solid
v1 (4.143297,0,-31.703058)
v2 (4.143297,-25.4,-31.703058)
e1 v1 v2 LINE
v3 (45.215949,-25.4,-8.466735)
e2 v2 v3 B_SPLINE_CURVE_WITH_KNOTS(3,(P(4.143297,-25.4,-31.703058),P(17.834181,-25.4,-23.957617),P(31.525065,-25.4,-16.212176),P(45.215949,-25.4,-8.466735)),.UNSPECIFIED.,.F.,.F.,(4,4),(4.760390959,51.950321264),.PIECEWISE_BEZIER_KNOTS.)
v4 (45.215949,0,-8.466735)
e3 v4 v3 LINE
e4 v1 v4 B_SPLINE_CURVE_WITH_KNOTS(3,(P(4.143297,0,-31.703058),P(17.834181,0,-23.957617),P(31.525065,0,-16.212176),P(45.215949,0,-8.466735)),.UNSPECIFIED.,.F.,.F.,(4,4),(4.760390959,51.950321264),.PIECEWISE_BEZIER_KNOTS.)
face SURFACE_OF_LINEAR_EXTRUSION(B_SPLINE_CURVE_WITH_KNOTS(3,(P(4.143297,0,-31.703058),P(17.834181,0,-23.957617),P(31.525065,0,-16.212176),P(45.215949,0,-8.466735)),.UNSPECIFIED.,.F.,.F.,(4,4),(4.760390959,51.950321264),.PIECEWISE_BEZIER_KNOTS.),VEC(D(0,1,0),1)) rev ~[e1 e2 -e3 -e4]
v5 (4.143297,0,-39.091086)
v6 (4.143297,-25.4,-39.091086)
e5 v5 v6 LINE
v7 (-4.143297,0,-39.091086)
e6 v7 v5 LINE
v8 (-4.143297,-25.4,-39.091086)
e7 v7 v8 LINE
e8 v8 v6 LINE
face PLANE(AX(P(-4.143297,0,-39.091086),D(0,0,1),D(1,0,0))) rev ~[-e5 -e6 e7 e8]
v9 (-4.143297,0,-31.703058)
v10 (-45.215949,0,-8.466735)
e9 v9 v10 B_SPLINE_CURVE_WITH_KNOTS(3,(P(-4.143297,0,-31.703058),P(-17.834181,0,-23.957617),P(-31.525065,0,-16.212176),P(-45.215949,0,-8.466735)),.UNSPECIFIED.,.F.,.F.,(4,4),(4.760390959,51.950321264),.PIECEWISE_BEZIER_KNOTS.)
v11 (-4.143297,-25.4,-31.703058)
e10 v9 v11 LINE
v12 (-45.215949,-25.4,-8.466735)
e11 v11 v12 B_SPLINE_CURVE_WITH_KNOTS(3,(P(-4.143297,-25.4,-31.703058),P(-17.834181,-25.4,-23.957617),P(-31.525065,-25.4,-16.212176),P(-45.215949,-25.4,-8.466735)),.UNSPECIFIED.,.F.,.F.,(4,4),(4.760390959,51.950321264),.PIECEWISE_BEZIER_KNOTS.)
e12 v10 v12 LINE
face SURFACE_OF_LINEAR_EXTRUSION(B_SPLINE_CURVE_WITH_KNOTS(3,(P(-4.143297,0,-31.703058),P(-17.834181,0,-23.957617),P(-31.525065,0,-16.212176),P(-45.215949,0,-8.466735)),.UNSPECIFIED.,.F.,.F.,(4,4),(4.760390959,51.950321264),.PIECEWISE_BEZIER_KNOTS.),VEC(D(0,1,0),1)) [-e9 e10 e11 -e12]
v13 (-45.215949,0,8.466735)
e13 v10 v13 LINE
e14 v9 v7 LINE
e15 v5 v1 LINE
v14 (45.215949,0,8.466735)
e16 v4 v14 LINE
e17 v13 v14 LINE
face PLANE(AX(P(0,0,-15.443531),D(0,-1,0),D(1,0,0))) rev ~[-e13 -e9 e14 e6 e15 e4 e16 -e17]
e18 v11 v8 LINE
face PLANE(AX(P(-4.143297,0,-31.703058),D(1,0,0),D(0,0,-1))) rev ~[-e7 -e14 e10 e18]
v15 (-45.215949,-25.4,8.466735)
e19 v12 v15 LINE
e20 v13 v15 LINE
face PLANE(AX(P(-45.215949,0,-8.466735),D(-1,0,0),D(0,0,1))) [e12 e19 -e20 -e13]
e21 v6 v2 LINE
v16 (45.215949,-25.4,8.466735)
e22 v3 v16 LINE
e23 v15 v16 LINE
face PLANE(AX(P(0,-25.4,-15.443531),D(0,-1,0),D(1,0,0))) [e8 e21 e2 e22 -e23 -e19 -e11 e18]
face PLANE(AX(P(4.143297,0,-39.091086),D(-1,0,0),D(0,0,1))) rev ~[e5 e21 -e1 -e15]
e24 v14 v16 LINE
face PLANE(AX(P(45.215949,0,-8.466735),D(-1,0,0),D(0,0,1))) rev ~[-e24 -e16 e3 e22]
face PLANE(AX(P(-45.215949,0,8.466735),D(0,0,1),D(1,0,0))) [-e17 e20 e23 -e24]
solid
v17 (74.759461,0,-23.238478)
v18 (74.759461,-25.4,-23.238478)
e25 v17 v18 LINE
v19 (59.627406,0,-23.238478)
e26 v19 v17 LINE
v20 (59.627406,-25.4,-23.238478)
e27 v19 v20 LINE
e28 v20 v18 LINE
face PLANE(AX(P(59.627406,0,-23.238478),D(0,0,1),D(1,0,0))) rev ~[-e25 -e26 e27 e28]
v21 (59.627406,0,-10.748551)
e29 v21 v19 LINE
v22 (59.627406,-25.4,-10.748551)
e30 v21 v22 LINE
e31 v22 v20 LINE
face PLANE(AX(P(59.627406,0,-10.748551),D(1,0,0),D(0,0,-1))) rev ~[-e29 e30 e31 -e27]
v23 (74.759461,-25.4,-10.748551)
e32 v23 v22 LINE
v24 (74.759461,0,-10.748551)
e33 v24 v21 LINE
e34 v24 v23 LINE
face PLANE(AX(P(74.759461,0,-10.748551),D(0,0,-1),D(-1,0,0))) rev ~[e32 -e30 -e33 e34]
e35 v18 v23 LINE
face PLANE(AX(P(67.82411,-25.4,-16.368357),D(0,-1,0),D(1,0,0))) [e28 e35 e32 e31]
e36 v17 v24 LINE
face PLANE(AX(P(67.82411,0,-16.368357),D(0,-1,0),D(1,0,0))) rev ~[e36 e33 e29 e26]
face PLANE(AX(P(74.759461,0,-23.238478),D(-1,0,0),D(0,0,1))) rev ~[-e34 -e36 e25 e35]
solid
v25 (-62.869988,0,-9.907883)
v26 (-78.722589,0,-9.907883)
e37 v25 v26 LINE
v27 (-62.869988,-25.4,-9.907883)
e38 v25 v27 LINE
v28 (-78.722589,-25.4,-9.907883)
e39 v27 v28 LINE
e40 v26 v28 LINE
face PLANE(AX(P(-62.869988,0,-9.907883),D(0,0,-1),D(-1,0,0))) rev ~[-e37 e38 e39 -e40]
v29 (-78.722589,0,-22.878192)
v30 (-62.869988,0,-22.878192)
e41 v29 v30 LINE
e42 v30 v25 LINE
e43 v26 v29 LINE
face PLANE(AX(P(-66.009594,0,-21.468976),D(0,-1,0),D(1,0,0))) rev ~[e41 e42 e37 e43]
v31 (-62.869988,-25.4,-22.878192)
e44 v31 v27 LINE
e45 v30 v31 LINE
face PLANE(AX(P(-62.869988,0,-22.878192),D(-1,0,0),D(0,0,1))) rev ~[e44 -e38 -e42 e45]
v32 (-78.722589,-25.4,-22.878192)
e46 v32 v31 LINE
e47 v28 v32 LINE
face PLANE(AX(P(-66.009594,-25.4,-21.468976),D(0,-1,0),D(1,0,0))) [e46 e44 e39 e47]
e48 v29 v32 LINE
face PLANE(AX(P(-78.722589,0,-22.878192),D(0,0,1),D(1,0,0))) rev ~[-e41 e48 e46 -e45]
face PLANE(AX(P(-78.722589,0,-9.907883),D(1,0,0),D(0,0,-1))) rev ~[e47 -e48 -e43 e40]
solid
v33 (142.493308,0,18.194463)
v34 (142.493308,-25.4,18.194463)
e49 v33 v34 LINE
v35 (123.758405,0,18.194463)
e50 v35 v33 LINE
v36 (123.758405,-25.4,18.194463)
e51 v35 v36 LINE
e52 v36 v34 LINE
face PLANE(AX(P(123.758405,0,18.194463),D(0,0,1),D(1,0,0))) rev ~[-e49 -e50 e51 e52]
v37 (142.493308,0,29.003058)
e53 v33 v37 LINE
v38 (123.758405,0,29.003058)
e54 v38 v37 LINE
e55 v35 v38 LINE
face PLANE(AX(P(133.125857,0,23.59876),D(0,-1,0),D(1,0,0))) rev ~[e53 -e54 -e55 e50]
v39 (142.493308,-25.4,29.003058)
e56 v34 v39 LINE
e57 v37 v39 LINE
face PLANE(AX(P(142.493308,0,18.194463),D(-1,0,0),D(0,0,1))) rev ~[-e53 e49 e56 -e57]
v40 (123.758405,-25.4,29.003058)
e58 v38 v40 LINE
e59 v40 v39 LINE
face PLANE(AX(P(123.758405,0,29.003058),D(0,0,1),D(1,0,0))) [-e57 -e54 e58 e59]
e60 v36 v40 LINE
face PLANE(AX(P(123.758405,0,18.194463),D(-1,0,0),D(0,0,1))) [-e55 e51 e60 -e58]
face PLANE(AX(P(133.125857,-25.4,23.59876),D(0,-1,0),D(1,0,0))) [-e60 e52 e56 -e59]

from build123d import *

# Parameters (mm, degrees)
F0_W     = 90.4318988323
F0_H     = 16.9334691018
F1_DEPTH = 25.4
F0_W_2   = 18.7349021435
F0_H_2   = 10.8085945249


with BuildPart() as f1:
    # F0 (on Front) → F1 (new body)
    with BuildSketch(Plane.XZ):
        with BuildLine():
            add(Edge.make_bspline(
                [(4.1432967409, -31.7030579362), (17.834180966, -23.9576168077), (31.5250651911, -16.2121756793), (45.2159494162, -8.4667345509)],
                knots=[4.7603909586, 4.7603909586, 4.7603909586, 4.7603909586, 51.9503212642, 51.9503212642, 51.9503212642, 51.9503212642], degree=3))
            Line((45.2159494162, -8.4667345509), (-45.2159494162, -8.4667345509))
            add(Edge.make_bspline(
                [(-4.1432967409, -31.7030579362), (-17.834180966, -23.9576168077), (-31.5250651911, -16.2121756793), (-45.2159494162, -8.4667345509)],
                knots=[4.7603909586, 4.7603909586, 4.7603909586, 4.7603909586, 51.9503212642, 51.9503212642, 51.9503212642, 51.9503212642], degree=3))
            Line((-4.1432967409, -31.7030579362), (-4.1432967409, -29.0030632168))
            Line((-4.1432967409, -29.0030632168), (4.1432967409, -29.0030632168))
            Line((4.1432967409, -29.0030632168), (4.1432967409, -31.7030579362))
        make_face()
        Rectangle(F0_W, F0_H)
        with BuildLine():
            add(Edge.make_bspline(
                [(0, -34.047074616), (1.3810989136, -33.2657357227), (2.7621978273, -32.4843968294), (4.1432967409, -31.7030579362)],
                knots=[0, 0, 0, 0, 4.7603909586, 4.7603909586, 4.7603909586, 4.7603909586], degree=3))
            Line((4.1432967409, -31.7030579362), (4.1432967409, -29.0030632168))
            Line((4.1432967409, -29.0030632168), (-4.1432967409, -29.0030632168))
            Line((-4.1432967409, -29.0030632168), (-4.1432967409, -31.7030579362))
            add(Edge.make_bspline(
                [(0, -34.047074616), (-1.3810989136, -33.2657357227), (-2.7621978273, -32.4843968294), (-4.1432967409, -31.7030579362)],
                knots=[0, 0, 0, 0, 4.7603909586, 4.7603909586, 4.7603909586, 4.7603909586], degree=3))
        make_face()
        with BuildLine():
            Line((4.1432967409, -39.0910860151), (4.1432967409, -31.7030579362))
            add(Edge.make_bspline(
                [(0, -34.047074616), (1.3810989136, -33.2657357227), (2.7621978273, -32.4843968294), (4.1432967409, -31.7030579362)],
                knots=[0, 0, 0, 0, 4.7603909586, 4.7603909586, 4.7603909586, 4.7603909586], degree=3))
            add(Edge.make_bspline(
                [(0, -34.047074616), (-1.3810989136, -33.2657357227), (-2.7621978273, -32.4843968294), (-4.1432967409, -31.7030579362)],
                knots=[0, 0, 0, 0, 4.7603909586, 4.7603909586, 4.7603909586, 4.7603909586], degree=3))
            Line((-4.1432967409, -31.7030579362), (-4.1432967409, -39.0910860151))
            Line((-4.1432967409, -39.0910860151), (4.1432967409, -39.0910860151))
        make_face()
    extrude(amount=F1_DEPTH)


with BuildPart() as f1b:
    # F0 (on Front) → F1, piece 2 (new body)
    with BuildSketch(Plane.XZ):
        with BuildLine():
            Line((-62.8699883819, -22.8781923652), (-62.8699883819, -18.4126714079))
            add(Edge.make_bspline(
                [(-62.8699883819, -18.4126714079), (-65.5120884379, -19.9011783937), (-68.1541884939, -21.3896853794), (-70.7962885499, -22.8781923652)],
                knots=[20.2629403534, 20.2629403534, 20.2629403534, 20.2629403534, 29.3605835523, 29.3605835523, 29.3605835523, 29.3605835523], degree=3))
            Line((-70.7962885499, -22.8781923652), (-62.8699883819, -22.8781923652))
        make_face()
        with BuildLine():
            add(Edge.make_bspline(
                [(-62.8699883819, -18.4126714079), (-65.5120884379, -19.9011783937), (-68.1541884939, -21.3896853794), (-70.7962885499, -22.8781923652)],
                knots=[20.2629403534, 20.2629403534, 20.2629403534, 20.2629403534, 29.3605835523, 29.3605835523, 29.3605835523, 29.3605835523], degree=3))
            Line((-62.8699883819, -18.4126714079), (-62.8699883819, -9.9078826606))
            Line((-62.8699883819, -9.9078826606), (-78.7225887179, -9.9078826606))
            Line((-78.7225887179, -9.9078826606), (-78.7225887179, -22.8781923652))
            Line((-78.7225887179, -22.8781923652), (-70.7962885499, -22.8781923652))
        make_face()
    extrude(amount=F1_DEPTH)


with BuildPart() as f1c:
    # F0 (on Front) → F1, piece 3 (new body)
    with BuildSketch(Plane.XZ):
        with BuildLine():
            Line((59.6274062991, -10.7485509167), (59.6274062991, -18.1531183473))
            add(Edge.make_bspline(
                [(59.6274062991, -18.1531183473), (62.1494154135, -19.8482383077), (64.671424528, -21.5433582681), (67.1934336424, -23.2384782284)],
                knots=[17.3642195489, 17.3642195489, 17.3642195489, 17.3642195489, 26.4804498487, 26.4804498487, 26.4804498487, 26.4804498487], degree=3))
            Line((67.1934336424, -23.2384782284), (74.7594609857, -23.2384782284))
            Line((74.7594609857, -23.2384782284), (74.7594609857, -10.7485509167))
            Line((74.7594609857, -10.7485509167), (59.6274062991, -10.7485509167))
        make_face()
        with BuildLine():
            add(Edge.make_bspline(
                [(59.6274062991, -18.1531183473), (62.1494154135, -19.8482383077), (64.671424528, -21.5433582681), (67.1934336424, -23.2384782284)],
                knots=[17.3642195489, 17.3642195489, 17.3642195489, 17.3642195489, 26.4804498487, 26.4804498487, 26.4804498487, 26.4804498487], degree=3))
            Line((59.6274062991, -18.1531183473), (59.6274062991, -23.2384782284))
            Line((59.6274062991, -23.2384782284), (67.1934336424, -23.2384782284))
        make_face()
    extrude(amount=F1_DEPTH)


with BuildPart() as f1d:
    # F0 (on Front) → F1, piece 4 (new body)
    with BuildSketch(Plane.XZ):
        with Locations((133.1258565187, 23.5987603664)):
            Rectangle(F0_W_2, F0_H_2)
    extrude(amount=F1_DEPTH)


solid = Compound([f1.part, f1b.part, f1c.part, f1d.part])
